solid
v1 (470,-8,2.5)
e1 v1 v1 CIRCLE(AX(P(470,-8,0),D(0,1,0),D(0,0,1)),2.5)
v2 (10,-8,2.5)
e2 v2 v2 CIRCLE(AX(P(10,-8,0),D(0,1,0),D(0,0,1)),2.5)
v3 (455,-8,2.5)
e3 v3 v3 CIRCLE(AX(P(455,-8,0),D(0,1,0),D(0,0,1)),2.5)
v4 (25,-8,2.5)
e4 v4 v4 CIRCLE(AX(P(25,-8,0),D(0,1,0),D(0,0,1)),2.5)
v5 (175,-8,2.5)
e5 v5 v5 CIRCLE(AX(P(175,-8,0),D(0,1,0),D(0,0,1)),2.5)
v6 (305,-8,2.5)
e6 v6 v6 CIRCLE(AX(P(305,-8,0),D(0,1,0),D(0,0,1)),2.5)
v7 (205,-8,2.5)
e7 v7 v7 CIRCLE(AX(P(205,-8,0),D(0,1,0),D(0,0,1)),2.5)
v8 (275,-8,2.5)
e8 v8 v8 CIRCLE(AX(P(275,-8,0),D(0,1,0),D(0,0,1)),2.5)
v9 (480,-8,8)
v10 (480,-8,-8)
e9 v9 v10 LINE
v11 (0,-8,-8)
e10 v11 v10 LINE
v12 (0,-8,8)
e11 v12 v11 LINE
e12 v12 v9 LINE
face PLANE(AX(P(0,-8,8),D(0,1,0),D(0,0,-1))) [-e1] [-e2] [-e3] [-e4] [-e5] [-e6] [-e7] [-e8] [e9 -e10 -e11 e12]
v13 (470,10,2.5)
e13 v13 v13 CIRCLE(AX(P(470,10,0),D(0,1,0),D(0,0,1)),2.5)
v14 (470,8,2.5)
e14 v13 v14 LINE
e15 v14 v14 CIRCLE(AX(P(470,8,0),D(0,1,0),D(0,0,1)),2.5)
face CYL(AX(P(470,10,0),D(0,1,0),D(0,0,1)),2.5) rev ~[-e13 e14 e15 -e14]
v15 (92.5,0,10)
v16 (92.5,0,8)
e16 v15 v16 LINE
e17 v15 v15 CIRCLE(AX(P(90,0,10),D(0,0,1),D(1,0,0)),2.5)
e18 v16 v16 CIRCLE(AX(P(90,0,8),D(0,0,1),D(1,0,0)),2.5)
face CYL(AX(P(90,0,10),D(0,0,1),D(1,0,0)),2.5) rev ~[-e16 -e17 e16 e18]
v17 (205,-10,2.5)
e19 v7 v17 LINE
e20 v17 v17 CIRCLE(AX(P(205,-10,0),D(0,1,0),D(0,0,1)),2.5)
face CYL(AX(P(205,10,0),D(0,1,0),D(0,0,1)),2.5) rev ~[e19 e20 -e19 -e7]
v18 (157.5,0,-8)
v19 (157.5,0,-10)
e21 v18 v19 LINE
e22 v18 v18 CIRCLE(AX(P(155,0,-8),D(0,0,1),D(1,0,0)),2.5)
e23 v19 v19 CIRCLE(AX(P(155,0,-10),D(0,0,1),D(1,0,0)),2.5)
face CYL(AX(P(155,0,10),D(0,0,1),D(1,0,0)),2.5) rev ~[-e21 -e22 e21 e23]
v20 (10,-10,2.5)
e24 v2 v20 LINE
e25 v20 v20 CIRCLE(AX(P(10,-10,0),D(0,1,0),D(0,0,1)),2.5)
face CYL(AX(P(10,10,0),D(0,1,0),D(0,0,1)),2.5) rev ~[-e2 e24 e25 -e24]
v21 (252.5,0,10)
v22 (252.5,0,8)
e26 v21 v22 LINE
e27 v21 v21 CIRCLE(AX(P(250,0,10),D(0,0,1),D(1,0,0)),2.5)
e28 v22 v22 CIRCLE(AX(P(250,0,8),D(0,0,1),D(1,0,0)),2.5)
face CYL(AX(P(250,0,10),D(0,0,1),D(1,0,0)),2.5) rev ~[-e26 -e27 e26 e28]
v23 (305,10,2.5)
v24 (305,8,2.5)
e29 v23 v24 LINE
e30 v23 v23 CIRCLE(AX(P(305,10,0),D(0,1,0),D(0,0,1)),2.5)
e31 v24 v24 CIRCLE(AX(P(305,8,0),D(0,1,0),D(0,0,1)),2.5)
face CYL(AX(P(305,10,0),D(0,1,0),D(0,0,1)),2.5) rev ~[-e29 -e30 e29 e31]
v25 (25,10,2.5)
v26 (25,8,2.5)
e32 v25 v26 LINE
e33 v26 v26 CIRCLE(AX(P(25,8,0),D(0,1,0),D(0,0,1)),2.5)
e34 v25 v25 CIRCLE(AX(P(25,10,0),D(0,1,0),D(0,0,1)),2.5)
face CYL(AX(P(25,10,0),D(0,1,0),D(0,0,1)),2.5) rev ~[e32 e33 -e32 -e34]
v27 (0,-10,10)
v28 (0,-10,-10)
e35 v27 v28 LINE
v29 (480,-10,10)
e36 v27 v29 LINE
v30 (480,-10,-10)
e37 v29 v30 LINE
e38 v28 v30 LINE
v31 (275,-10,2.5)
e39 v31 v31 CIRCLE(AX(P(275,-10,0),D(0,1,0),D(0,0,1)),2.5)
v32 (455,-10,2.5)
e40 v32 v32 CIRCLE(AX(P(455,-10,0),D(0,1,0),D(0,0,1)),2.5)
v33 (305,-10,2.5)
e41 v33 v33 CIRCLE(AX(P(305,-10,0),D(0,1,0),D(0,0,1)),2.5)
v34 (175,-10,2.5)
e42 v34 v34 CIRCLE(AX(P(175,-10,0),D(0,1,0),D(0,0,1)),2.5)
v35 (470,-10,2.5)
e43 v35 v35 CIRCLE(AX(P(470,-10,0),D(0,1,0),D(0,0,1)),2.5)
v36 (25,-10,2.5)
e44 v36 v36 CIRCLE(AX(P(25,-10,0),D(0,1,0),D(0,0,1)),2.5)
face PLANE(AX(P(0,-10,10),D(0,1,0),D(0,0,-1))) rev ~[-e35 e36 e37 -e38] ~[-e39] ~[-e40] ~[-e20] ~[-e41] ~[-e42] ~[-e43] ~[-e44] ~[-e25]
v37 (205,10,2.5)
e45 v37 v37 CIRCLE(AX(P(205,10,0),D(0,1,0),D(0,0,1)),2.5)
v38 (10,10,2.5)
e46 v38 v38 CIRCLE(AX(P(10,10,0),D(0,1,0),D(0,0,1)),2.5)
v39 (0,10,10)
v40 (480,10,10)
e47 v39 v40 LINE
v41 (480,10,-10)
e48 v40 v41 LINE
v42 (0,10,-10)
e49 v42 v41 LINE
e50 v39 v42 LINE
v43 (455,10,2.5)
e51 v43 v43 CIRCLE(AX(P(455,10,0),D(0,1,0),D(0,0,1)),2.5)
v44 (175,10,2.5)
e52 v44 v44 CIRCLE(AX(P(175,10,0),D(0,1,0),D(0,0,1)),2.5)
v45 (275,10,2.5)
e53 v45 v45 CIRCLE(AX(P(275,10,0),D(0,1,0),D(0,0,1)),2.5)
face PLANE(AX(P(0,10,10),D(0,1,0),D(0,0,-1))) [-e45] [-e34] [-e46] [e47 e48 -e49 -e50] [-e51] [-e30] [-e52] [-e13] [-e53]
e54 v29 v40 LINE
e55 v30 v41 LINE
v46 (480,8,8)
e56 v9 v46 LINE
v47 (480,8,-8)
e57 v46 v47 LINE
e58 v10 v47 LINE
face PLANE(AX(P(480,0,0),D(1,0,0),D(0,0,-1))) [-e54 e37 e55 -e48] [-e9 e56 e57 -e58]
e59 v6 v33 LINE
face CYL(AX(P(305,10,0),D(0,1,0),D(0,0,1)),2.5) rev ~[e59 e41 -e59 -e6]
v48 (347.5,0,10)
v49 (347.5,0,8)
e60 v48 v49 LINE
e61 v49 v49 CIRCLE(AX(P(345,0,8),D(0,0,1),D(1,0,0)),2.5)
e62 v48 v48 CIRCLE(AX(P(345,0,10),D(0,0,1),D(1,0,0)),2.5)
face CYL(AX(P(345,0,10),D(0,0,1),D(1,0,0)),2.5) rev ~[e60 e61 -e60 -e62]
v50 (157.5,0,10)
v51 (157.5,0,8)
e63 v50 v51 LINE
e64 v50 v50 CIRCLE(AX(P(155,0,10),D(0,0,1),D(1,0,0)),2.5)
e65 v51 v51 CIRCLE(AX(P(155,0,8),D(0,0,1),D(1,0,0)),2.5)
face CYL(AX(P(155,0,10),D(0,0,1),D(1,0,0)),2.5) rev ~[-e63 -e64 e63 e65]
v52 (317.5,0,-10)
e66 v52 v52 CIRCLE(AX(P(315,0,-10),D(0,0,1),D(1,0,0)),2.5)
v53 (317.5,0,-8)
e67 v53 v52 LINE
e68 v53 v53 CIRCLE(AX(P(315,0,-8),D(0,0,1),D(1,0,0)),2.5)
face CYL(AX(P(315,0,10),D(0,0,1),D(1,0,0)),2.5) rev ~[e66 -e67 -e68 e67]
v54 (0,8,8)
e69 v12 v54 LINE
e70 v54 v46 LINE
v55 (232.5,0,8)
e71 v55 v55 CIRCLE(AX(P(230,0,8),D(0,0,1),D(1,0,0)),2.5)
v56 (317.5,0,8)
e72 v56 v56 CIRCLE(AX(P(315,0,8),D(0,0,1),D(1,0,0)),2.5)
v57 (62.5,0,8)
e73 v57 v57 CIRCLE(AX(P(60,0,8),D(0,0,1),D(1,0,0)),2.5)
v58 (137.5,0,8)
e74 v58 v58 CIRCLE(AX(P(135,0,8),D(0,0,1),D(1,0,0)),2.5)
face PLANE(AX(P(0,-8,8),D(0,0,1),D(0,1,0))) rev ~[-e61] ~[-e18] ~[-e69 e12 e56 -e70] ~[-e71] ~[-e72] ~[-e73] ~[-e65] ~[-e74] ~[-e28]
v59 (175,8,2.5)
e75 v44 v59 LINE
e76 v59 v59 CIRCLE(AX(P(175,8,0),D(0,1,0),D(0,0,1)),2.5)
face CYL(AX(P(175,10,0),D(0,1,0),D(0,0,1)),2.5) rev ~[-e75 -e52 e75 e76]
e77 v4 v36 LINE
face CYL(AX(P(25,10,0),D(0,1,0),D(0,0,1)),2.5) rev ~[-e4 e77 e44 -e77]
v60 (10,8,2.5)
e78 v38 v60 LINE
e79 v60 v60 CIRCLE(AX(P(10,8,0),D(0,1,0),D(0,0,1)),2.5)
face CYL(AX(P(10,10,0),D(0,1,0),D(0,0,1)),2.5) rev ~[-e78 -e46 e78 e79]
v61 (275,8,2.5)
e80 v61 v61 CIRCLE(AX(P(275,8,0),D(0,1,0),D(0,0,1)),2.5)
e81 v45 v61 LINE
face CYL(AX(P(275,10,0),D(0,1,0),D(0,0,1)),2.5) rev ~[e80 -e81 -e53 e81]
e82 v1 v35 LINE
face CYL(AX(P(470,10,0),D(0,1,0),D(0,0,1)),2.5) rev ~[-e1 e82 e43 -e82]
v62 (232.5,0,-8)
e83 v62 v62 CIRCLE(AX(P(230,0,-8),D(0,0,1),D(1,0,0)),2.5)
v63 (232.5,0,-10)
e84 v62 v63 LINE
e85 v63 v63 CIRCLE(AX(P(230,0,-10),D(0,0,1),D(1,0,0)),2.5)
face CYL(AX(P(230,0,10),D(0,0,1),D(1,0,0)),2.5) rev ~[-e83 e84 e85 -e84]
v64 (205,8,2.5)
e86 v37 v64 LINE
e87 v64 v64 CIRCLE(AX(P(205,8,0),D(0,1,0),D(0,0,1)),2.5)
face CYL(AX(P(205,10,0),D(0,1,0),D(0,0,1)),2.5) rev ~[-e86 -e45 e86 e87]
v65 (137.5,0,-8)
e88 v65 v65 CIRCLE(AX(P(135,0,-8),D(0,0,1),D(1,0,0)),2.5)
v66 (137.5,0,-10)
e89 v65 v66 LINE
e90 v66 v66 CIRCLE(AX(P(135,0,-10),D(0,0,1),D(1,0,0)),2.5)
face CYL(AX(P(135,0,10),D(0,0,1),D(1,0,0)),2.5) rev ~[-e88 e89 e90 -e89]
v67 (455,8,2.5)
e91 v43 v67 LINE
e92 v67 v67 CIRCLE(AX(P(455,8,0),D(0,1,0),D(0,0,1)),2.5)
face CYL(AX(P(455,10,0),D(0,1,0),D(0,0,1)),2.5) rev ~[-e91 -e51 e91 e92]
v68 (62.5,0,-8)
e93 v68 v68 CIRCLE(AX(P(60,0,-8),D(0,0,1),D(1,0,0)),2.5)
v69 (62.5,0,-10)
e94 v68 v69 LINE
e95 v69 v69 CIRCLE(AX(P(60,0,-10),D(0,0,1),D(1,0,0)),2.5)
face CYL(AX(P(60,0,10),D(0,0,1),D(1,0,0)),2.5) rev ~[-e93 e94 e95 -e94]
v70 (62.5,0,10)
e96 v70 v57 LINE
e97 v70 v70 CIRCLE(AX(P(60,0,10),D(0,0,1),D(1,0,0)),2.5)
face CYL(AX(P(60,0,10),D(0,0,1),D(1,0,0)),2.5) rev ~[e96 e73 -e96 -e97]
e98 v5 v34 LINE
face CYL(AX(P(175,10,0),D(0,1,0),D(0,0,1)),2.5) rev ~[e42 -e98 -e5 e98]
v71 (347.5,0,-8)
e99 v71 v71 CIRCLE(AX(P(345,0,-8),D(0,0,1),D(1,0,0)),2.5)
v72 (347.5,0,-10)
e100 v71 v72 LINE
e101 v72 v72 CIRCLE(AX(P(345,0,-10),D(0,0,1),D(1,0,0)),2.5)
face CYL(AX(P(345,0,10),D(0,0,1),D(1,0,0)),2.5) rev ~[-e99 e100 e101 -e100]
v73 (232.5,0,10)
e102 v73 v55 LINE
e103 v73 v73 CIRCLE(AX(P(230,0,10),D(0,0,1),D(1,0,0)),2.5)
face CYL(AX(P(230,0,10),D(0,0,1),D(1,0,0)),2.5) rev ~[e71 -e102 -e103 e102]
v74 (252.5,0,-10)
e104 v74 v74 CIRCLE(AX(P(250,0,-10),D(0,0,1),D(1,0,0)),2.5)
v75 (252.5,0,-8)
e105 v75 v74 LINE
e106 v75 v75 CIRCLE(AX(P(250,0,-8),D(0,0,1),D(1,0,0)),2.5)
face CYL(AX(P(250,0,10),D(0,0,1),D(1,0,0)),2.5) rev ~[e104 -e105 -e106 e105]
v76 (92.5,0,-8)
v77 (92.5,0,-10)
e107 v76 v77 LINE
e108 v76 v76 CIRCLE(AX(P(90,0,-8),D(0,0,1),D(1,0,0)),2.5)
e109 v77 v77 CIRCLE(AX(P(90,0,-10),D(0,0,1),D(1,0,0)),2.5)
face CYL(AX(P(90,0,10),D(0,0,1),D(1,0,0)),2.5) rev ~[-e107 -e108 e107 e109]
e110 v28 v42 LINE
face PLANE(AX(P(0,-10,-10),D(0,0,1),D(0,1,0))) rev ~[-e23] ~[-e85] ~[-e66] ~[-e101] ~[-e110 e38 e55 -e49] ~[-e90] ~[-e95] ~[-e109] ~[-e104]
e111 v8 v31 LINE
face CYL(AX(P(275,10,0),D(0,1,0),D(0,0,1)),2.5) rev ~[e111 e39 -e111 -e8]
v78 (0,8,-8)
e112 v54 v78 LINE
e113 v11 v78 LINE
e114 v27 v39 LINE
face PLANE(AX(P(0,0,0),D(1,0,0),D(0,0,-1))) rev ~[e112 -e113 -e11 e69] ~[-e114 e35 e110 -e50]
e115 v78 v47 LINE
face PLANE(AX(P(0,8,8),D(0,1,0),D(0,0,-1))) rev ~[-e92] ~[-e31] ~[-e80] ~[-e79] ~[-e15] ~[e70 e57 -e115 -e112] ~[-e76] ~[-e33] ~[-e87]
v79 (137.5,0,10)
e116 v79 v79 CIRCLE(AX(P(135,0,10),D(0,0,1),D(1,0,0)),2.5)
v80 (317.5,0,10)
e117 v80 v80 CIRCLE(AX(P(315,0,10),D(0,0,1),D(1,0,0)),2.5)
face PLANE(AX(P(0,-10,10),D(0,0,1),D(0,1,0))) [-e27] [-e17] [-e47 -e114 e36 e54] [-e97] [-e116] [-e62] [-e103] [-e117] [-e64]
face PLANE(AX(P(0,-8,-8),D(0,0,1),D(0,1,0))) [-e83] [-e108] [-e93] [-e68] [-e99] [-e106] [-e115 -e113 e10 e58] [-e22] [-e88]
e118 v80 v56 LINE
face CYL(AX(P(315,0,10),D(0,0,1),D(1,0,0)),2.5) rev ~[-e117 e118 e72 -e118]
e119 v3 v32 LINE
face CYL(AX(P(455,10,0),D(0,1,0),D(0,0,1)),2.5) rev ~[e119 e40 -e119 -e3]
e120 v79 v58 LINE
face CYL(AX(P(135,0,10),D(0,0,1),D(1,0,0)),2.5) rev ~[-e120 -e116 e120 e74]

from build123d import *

# Parameters (mm, degrees)
SKETCH1_W           = 20
SKETCH1_H           = 20
SKETCH1_W_2         = 16
SKETCH1_H_2         = 16
BOSS_EXTRUDE1_DEPTH = 480
SKETCH2_R           = 2.5
CUT_EXTRUDE1_DEPTH  = 481.520551069
SKETCH3_R           = 2.5
CUT_EXTRUDE2_DEPTH  = 481.520551069
SKETCH4_R           = 2.5
CUT_EXTRUDE3_DEPTH  = 20


with BuildPart() as part:
    # Sketch1 → Boss-Extrude1 (new body)
    with BuildSketch(Plane(origin=(0, 0, 0), x_dir=(0, 0, -1), z_dir=(1, 0, 0))):
        Rectangle(SKETCH1_W, SKETCH1_H)
        Rectangle(SKETCH1_W_2, SKETCH1_H_2, mode=Mode.SUBTRACT)
    extrude(amount=BOSS_EXTRUDE1_DEPTH)

    # Sketch2 → Cut-Extrude1 (cut, through all)
    with BuildSketch(Plane(origin=(0, 10, 0), x_dir=(1, 0, 0), z_dir=(0, 1, 0))):
        with Locations(Location((10, 0, 0), (0, 0, 270))):
            Circle(SKETCH2_R)
        with Locations(Location((470, 0, 0), (0, 0, 270))):
            Circle(SKETCH2_R)
        with Locations(Location((25, 0, 0), (0, 0, 270))):
            Circle(SKETCH2_R)
        with Locations(Location((455, 0, 0), (0, 0, 270))):
            Circle(SKETCH2_R)
    extrude(amount=-CUT_EXTRUDE1_DEPTH, mode=Mode.SUBTRACT)

    # Sketch3 → Cut-Extrude2 (cut, through all)
    with BuildSketch(Plane(origin=(0, 10, 0), x_dir=(1, 0, 0), z_dir=(0, 1, 0))):
        with Locations(Location((175, 0, 0), (0, 0, 270))):
            Circle(SKETCH3_R)
        with Locations(Location((305, 0, 0), (0, 0, 270))):
            Circle(SKETCH3_R)
        with Locations(Location((205, 0, 0), (0, 0, 270))):
            Circle(SKETCH3_R)
        with Locations(Location((275, 0, 0), (0, 0, 270))):
            Circle(SKETCH3_R)
    extrude(amount=-CUT_EXTRUDE2_DEPTH, mode=Mode.SUBTRACT)

    # Sketch4 → Cut-Extrude3 (cut)
    with BuildSketch(Plane.XY.offset(10)):
        with Locations((60, 0)):
            Circle(SKETCH4_R)
        with Locations((90, 0)):
            Circle(SKETCH4_R)
        with Locations((315, 0)):
            Circle(SKETCH4_R)
        with Locations((345, 0)):
            Circle(SKETCH4_R)
        with Locations((135, 0)):
            Circle(SKETCH4_R)
        with Locations((155, 0)):
            Circle(SKETCH4_R)
        with Locations((230, 0)):
            Circle(SKETCH4_R)
        with Locations((250, 0)):
            Circle(SKETCH4_R)
    extrude(amount=-CUT_EXTRUDE3_DEPTH, mode=Mode.SUBTRACT)


solid = part.part
